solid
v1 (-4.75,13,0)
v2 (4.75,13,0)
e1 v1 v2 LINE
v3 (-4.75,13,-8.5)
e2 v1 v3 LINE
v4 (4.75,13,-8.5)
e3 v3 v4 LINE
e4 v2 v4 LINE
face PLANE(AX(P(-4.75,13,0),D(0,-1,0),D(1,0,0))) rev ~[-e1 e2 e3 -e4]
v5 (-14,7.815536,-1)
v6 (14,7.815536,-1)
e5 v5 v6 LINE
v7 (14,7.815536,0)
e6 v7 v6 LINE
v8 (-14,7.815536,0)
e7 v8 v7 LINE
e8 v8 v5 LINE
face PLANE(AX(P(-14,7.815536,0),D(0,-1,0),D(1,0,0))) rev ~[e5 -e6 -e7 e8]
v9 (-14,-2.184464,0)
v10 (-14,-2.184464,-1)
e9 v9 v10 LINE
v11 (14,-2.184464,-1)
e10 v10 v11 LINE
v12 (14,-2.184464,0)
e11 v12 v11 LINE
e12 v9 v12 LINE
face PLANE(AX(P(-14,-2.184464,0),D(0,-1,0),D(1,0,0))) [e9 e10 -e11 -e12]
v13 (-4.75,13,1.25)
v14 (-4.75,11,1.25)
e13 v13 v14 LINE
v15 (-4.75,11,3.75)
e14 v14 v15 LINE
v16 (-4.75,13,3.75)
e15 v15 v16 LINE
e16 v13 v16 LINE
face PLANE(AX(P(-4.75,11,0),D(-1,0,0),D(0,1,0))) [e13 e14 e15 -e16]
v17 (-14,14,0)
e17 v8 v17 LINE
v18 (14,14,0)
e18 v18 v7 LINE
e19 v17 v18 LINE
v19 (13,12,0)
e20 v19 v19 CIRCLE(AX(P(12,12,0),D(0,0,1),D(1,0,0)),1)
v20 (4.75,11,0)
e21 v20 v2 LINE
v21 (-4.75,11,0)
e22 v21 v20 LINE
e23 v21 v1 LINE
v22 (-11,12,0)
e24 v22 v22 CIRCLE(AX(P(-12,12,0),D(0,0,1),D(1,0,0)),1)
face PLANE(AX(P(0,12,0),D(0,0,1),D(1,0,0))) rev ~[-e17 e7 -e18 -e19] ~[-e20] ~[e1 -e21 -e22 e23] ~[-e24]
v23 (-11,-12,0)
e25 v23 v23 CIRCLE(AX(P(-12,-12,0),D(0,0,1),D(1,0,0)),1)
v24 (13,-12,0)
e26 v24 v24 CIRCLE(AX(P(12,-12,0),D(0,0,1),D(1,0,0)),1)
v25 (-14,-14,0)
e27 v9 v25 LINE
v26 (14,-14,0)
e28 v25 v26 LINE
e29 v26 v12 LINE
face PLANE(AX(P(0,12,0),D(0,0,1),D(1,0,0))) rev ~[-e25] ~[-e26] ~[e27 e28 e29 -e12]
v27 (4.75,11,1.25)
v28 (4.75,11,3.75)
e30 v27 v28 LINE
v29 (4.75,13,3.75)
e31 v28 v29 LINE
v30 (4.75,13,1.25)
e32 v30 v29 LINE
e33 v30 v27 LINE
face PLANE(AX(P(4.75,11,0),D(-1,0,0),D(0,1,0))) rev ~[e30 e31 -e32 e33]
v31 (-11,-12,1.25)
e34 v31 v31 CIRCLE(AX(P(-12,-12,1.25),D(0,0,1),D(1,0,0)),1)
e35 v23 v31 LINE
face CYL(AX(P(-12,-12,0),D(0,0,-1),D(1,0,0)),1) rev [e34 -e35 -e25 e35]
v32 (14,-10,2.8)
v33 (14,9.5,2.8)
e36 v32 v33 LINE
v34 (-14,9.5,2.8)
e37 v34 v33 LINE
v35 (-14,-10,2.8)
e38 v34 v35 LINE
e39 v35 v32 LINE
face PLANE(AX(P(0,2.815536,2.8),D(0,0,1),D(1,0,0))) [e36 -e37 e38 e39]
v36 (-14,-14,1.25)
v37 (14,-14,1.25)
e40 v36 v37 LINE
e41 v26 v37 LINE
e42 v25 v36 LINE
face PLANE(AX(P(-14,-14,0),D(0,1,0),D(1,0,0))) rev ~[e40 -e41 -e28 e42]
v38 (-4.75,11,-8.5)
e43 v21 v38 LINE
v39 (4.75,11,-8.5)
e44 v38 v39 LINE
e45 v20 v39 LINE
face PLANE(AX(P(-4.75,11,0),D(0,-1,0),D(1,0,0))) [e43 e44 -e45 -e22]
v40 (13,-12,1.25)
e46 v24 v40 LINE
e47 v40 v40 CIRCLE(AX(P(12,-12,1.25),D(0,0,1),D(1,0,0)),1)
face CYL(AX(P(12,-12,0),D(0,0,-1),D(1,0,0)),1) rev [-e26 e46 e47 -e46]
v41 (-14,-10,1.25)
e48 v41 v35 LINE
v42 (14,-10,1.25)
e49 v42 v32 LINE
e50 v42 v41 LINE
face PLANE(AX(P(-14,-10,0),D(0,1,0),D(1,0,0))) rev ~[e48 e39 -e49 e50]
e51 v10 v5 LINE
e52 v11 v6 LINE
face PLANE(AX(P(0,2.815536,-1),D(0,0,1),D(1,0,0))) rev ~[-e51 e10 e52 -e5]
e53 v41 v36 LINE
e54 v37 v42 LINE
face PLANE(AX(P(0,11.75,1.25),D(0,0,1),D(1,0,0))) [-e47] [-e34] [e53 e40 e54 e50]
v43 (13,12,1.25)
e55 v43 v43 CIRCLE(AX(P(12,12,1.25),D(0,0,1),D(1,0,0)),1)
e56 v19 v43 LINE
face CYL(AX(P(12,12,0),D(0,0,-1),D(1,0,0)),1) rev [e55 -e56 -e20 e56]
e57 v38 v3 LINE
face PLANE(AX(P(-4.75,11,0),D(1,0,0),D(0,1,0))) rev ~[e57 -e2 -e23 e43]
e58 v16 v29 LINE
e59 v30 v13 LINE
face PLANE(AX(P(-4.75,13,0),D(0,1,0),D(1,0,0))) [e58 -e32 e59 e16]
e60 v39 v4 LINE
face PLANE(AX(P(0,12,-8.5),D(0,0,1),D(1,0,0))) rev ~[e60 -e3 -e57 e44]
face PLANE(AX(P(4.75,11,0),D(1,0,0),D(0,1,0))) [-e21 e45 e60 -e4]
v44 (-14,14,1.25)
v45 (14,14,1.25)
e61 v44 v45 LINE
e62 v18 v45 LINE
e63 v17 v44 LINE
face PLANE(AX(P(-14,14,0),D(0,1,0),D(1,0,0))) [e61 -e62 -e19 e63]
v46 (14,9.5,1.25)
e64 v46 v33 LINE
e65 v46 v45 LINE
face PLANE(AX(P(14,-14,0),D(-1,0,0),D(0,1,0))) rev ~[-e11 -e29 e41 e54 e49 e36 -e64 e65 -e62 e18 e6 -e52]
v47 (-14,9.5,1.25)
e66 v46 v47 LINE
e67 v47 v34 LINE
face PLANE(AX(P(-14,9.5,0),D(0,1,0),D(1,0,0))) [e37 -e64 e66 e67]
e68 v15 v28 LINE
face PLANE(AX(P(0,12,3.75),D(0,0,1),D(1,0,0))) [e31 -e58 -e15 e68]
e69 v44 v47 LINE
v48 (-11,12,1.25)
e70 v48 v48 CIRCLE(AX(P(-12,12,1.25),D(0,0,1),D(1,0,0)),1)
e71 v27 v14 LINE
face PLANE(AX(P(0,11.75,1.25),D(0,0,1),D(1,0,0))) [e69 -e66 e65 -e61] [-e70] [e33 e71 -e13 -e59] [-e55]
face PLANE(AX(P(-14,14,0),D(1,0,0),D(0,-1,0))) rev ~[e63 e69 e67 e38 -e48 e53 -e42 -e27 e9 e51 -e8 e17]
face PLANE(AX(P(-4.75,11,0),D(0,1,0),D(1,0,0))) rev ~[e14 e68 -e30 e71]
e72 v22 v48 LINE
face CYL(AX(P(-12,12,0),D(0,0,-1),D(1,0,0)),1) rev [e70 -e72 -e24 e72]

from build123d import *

# Parameters (mm, degrees)
F0_W          = 28
F0_H          = 4.5
F0_R          = 1
F0_W_2        = 9.5
F0_H_2        = 2
F0_H_3        = 1.684464
F0_H_4        = 4
F0_H_5        = 10
F0_H_6        = 7.815536
F1_DEPTH      = 1.25
F2_DEPTH      = 3.75
F2_DEPTH_BACK = 8.5
F3_DEPTH      = 1
F4_DEPTH      = 2.8


with BuildPart() as f1:
    # F0 (on Top) → F1 (new body)
    with BuildSketch(Plane.XY):
        with Locations((0, 11.75)):
            Rectangle(F0_W, F0_H)
        with Locations((-12, 12)):
            Circle(F0_R, mode=Mode.SUBTRACT)
        with Locations((0, 12)):
            Rectangle(F0_W_2, F0_H_2, mode=Mode.SUBTRACT)
        with Locations((12, 12)):
            Circle(F0_R, mode=Mode.SUBTRACT)
        with Locations((0, 12)):
            Rectangle(F0_W_2, F0_H_2)
        with Locations((0, 8.657768)):
            Rectangle(F0_W, F0_H_3)
        with Locations((0, -12)):
            Rectangle(F0_W, F0_H_4)
        with Locations((-12, -12)):
            Circle(F0_R, mode=Mode.SUBTRACT)
        with Locations((12, -12)):
            Circle(F0_R, mode=Mode.SUBTRACT)
        with Locations((0, 2.815536)):
            Rectangle(F0_W, F0_H_5)
        with Locations((0, -6.092232)):
            Rectangle(F0_W, F0_H_6)
    extrude(amount=F1_DEPTH)

    # F0 (on Top) → F2 (join, two sides)
    with BuildSketch(Plane.XY) as f2_sk:
        with Locations((0, 12)):
            Rectangle(F0_W_2, F0_H_2)
    extrude(amount=F2_DEPTH)
    extrude(f2_sk.sketch, amount=-F2_DEPTH_BACK)

    # F0 (on Top) → F3 (join)
    with BuildSketch(Plane.XY):
        with Locations((0, 2.815536)):
            Rectangle(F0_W, F0_H_5)
    extrude(amount=-F3_DEPTH)

    # F0 (on Top) → F4 (join)
    with BuildSketch(Plane.XY):
        with Locations((0, 2.815536)):
            Rectangle(F0_W, F0_H_5)
        with Locations((0, -6.092232)):
            Rectangle(F0_W, F0_H_6)
        with Locations((0, 8.657768)):
            Rectangle(F0_W, F0_H_3)
    extrude(amount=F4_DEPTH)


solid = f1.part
